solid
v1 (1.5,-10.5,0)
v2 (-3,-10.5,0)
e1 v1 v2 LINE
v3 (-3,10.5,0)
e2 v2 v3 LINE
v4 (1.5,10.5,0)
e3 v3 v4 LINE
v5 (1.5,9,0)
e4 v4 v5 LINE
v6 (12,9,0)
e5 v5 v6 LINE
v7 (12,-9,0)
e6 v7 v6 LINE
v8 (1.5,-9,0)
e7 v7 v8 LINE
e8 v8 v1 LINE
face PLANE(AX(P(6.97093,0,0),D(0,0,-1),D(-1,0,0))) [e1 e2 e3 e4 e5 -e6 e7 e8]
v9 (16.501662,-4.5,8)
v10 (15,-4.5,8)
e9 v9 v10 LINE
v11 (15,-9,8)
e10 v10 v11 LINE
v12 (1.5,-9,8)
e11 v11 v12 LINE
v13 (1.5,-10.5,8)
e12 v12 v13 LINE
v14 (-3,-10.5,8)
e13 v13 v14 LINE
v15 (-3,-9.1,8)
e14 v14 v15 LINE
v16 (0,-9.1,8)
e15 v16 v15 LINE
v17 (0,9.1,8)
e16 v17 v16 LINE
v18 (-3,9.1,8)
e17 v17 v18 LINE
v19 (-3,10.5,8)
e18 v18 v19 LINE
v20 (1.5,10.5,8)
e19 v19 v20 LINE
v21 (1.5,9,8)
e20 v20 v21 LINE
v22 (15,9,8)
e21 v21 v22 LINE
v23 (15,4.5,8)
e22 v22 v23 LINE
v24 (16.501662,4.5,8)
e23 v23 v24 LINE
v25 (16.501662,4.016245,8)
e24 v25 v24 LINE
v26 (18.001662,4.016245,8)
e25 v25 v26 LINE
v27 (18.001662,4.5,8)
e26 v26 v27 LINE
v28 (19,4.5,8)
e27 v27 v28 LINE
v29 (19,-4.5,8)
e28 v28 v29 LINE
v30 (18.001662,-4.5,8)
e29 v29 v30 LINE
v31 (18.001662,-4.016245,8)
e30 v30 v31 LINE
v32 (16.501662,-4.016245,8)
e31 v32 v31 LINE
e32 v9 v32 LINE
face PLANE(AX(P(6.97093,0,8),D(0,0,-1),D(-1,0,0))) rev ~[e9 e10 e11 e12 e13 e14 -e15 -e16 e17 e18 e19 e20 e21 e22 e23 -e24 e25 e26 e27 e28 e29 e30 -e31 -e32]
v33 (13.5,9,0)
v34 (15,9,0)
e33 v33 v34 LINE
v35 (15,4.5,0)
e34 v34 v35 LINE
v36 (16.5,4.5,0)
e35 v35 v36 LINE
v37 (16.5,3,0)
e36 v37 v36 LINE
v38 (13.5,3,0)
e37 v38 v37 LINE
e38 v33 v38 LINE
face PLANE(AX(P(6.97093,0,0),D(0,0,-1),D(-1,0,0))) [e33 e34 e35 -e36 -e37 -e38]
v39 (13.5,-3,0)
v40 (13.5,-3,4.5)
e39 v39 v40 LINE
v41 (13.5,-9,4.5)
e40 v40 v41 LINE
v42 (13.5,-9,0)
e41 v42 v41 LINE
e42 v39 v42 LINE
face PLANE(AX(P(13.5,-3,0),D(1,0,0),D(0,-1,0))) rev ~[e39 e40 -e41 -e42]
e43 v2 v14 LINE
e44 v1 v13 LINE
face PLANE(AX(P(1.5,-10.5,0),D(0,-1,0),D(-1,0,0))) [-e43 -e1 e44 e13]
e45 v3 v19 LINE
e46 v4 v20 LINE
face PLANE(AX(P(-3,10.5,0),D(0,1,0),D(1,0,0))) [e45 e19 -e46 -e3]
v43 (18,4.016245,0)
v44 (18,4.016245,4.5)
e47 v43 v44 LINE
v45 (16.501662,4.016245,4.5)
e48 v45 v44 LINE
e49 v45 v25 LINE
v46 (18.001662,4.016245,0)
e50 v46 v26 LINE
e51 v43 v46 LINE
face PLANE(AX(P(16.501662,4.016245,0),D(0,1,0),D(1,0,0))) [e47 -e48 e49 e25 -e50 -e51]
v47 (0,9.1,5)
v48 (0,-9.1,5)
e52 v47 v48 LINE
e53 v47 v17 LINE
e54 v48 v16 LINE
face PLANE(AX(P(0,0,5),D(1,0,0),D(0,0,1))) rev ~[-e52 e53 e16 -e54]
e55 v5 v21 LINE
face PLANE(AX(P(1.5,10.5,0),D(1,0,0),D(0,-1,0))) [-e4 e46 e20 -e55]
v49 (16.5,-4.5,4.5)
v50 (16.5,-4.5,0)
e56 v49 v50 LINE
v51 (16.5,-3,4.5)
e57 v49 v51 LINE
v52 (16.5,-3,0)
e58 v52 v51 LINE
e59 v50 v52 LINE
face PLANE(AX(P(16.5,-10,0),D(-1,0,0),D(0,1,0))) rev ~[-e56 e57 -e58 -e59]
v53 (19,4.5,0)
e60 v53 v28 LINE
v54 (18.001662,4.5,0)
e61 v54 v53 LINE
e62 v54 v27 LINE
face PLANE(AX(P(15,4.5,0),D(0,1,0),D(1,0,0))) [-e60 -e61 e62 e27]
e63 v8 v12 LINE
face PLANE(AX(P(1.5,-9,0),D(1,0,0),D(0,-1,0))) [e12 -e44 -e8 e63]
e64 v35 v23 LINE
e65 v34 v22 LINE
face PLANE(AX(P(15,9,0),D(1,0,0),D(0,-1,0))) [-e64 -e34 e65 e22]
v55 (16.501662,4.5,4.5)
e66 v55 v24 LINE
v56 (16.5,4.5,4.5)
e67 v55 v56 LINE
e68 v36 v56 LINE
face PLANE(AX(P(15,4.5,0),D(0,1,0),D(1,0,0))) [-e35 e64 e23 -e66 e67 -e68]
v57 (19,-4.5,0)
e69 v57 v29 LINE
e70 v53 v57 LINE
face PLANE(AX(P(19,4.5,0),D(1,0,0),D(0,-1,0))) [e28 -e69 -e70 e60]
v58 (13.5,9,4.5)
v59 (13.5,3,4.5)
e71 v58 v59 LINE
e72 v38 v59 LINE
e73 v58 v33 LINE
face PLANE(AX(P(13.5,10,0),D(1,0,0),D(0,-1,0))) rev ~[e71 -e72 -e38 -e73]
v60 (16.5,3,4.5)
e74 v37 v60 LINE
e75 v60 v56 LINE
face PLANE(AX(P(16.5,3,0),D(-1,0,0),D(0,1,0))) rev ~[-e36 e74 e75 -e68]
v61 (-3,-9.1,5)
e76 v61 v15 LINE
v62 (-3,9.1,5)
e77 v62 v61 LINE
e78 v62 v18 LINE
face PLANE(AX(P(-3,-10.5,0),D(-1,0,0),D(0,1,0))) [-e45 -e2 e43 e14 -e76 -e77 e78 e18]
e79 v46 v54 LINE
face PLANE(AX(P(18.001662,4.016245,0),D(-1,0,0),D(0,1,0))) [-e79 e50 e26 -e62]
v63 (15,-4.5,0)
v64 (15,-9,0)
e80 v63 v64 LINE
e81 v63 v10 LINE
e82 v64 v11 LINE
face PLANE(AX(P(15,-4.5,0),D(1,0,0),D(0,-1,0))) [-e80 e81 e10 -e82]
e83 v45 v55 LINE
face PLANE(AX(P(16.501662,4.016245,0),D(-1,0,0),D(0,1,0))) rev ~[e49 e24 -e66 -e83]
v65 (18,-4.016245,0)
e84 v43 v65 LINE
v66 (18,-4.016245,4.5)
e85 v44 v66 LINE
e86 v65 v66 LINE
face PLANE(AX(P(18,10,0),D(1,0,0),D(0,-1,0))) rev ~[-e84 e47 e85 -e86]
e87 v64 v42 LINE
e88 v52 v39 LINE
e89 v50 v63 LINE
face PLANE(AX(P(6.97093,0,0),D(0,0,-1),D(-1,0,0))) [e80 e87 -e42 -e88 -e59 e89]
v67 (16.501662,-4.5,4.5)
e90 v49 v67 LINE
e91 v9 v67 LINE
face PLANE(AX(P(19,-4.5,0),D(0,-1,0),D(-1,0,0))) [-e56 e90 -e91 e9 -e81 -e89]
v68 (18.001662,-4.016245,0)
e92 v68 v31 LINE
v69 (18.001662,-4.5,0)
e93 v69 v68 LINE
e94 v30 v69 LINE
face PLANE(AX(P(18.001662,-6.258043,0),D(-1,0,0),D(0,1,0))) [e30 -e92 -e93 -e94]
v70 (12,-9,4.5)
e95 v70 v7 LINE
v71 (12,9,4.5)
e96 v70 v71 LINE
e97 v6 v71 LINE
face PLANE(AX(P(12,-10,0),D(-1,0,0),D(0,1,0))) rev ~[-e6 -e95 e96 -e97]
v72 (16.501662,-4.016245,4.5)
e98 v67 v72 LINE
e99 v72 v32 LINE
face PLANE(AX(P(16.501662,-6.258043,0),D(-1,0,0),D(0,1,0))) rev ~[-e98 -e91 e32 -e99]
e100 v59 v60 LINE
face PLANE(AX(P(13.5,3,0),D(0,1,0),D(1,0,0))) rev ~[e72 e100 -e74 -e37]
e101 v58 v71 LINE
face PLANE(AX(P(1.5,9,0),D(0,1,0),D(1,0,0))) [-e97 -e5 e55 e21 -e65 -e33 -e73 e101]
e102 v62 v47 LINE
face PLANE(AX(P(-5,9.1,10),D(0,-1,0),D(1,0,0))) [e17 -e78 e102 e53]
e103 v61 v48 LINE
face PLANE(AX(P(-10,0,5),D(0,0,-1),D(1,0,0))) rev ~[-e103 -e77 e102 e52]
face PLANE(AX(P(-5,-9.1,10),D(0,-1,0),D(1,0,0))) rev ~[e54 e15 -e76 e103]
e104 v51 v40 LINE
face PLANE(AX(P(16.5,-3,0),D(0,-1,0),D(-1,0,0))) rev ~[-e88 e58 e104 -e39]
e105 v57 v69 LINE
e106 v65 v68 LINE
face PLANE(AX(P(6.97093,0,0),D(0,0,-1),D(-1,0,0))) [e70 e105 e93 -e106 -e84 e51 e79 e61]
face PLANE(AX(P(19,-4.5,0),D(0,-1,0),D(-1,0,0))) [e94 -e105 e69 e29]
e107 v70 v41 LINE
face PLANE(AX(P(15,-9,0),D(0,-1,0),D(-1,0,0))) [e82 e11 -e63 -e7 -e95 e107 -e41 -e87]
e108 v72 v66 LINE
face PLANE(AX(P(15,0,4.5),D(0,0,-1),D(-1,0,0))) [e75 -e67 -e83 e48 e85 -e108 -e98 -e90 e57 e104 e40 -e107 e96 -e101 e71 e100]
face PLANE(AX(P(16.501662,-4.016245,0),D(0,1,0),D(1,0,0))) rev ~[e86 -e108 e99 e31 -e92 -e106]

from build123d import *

# Parameters (mm, degrees)
PAD_DEPTH       = 8
SKETCH001_W     = 10
SKETCH001_H     = 10
POCKET_DEPTH    = 9.1
POCKET006_DEPTH = 4.5
SKETCH016_W     = 1.5
SKETCH016_H     = 1.5
SKETCH016_H_2   = 2.241798
POCKET007_DEPTH = 8.001


with BuildPart() as part:
    # Sketch → Pad (new body)
    with BuildSketch(Plane.XY):
        Polygon((1.5, 9), (15, 9), (15, 4.5), (19, 4.5), (19, -4.5), (15, -4.5), (15, -9), (1.5, -9), (1.5, -10.5), (-3, -10.5), (-3, 10.5), (1.5, 10.5), align=None)
    extrude(amount=PAD_DEPTH)

    # Sketch001 → Pocket (cut, symmetric)
    with BuildSketch(Plane.XZ):
        with Locations((-5, 10)):
            Rectangle(SKETCH001_W, SKETCH001_H)
    extrude(amount=POCKET_DEPTH, both=True, mode=Mode.SUBTRACT)

    # Sketch015 → Pocket006 (cut)
    with BuildSketch(Plane.XY):
        Polygon((12, 10), (13.5, 10), (13.5, 3), (16.5, 3), (16.5, 10), (18, 10), (18, -10), (16.5, -10), (16.5, -3), (13.5, -3), (13.5, -10), (12, -10), align=None)
    extrude(amount=POCKET006_DEPTH, mode=Mode.SUBTRACT)

    # Sketch016 → Pocket007 (cut, through all)
    with BuildSketch(Plane.XY):
        with Locations((17.251662, 4.766245)):
            Rectangle(SKETCH016_W, SKETCH016_H)
        with Locations((17.251662, -5.137144)):
            Rectangle(SKETCH016_W, SKETCH016_H_2)
    extrude(amount=POCKET007_DEPTH, mode=Mode.SUBTRACT)


solid = part.part
